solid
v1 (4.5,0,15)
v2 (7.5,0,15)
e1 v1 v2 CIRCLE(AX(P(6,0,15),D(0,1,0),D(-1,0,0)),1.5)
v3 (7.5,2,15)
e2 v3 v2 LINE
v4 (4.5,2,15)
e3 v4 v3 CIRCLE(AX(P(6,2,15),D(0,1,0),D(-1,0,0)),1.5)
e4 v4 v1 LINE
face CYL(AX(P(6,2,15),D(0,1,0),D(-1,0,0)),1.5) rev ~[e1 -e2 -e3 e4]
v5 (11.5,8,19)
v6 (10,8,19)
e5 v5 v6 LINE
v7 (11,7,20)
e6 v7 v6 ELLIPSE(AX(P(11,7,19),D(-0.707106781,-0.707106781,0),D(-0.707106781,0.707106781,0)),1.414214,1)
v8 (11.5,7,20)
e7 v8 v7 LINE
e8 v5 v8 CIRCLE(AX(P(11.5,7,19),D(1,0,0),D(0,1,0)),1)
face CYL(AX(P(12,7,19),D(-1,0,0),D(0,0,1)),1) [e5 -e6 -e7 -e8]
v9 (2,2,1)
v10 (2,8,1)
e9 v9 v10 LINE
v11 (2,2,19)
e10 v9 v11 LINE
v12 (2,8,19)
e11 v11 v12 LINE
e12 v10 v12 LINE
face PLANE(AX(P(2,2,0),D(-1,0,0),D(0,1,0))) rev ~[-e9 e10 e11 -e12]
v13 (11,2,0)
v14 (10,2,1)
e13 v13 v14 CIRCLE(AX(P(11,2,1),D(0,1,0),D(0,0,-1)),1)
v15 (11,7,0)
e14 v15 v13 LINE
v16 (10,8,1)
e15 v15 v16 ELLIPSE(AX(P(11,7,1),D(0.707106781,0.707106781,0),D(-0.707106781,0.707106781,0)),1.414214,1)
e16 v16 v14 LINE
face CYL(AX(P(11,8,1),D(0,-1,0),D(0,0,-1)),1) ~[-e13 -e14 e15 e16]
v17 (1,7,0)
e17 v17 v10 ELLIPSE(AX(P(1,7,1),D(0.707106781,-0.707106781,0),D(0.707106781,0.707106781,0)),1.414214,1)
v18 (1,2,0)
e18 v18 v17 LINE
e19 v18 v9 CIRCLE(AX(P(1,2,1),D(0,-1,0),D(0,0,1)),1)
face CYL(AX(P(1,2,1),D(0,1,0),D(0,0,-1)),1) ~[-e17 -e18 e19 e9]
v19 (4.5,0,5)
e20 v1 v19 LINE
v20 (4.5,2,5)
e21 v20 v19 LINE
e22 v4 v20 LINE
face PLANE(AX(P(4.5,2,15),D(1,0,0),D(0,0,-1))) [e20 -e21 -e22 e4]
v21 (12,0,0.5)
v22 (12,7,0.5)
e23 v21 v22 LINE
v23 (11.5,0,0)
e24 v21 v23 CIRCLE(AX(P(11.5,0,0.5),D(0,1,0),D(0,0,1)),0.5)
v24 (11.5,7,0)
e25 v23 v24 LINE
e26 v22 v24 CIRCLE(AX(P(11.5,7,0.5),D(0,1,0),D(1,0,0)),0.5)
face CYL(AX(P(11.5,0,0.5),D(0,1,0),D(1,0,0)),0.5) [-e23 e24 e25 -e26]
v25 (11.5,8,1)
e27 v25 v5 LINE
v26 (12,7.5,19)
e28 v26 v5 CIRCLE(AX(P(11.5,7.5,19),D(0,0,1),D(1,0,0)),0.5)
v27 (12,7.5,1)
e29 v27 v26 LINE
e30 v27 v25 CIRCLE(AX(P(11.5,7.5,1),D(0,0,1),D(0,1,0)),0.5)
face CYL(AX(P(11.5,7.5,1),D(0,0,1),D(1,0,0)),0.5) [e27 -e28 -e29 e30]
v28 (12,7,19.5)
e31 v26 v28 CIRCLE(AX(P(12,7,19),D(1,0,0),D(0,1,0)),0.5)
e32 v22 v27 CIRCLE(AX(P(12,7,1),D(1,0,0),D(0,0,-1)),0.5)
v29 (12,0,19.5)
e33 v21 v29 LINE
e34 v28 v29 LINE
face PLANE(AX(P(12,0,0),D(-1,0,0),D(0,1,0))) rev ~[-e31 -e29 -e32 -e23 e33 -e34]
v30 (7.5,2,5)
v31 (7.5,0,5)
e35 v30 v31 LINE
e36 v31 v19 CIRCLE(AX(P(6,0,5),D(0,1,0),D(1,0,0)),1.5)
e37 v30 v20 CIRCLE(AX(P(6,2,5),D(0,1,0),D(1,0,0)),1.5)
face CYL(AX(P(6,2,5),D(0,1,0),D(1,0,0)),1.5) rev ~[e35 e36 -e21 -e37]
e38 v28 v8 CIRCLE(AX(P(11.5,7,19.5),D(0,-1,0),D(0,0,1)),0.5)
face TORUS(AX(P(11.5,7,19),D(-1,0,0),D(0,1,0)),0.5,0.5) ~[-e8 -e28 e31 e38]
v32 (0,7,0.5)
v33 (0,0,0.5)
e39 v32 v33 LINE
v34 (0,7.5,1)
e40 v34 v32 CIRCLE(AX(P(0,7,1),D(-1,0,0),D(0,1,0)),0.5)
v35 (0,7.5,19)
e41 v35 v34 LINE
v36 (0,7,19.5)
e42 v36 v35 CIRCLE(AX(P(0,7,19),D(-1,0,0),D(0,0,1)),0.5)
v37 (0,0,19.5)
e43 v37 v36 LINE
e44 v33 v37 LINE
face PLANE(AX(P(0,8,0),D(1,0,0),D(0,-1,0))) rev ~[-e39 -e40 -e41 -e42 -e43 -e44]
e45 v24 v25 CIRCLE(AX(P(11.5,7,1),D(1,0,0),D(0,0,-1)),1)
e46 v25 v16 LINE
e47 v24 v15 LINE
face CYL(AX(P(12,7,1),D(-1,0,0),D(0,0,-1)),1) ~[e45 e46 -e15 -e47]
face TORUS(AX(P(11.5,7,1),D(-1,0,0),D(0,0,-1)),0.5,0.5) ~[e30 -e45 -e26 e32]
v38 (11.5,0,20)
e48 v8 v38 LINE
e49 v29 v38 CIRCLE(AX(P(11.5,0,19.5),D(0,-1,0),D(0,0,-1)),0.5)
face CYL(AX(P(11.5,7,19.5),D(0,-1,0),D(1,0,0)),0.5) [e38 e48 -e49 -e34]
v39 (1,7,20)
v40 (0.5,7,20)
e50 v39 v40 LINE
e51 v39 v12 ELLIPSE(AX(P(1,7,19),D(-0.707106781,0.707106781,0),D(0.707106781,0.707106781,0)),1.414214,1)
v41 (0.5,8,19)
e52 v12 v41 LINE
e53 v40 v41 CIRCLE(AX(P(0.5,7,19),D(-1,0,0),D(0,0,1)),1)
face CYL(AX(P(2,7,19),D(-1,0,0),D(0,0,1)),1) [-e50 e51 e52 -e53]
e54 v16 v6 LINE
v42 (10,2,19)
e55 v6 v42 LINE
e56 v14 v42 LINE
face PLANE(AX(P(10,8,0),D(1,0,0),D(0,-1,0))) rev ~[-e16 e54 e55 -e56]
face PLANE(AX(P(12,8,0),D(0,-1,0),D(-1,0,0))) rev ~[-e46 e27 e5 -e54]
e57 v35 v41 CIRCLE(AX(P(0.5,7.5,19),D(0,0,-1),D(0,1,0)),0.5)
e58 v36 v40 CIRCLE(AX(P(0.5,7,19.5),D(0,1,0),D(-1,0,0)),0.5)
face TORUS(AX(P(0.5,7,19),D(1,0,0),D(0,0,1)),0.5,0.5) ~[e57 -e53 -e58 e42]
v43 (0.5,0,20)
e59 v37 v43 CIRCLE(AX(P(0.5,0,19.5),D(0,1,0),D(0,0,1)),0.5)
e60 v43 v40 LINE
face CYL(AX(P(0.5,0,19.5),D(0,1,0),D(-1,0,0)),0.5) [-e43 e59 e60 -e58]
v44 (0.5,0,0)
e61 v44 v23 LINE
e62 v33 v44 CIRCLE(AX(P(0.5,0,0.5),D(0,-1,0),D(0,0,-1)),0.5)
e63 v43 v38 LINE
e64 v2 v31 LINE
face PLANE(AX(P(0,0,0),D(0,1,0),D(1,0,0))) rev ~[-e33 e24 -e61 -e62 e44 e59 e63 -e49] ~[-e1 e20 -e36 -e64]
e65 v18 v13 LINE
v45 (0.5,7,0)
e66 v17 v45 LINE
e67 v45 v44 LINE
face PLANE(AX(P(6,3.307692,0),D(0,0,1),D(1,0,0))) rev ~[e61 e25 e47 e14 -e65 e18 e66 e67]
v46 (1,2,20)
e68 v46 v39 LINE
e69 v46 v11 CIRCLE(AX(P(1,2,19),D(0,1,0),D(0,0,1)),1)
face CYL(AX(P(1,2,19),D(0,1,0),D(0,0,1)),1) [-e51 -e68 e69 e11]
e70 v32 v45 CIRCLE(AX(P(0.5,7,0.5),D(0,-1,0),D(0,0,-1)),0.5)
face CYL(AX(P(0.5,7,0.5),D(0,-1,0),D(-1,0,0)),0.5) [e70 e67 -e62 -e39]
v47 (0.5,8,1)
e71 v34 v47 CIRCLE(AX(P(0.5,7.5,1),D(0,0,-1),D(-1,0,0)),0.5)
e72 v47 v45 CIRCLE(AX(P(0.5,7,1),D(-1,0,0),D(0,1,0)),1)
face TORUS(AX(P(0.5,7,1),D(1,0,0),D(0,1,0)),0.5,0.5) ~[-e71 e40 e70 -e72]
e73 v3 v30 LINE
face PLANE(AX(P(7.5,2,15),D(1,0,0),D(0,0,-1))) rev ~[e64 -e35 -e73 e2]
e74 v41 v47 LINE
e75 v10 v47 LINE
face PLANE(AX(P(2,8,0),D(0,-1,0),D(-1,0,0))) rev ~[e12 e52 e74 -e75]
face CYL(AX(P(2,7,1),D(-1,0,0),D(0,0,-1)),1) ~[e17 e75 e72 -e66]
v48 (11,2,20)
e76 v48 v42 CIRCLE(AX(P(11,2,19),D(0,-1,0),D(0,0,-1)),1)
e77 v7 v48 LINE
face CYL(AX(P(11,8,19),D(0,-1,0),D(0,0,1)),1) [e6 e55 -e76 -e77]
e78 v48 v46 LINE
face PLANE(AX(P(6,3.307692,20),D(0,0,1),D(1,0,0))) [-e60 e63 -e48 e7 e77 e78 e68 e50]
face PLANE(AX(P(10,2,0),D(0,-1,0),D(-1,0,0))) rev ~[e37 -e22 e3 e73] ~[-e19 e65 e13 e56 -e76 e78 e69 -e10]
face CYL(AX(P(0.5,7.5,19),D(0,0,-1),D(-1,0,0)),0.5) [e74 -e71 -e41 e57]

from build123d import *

# Parameters (mm, degrees)
EXTRUDE_DEPTH = 20
POCKET_DEPTH  = 5
FILLET_R      = 1
FILLET001_R   = 0.5


with BuildPart() as part:
    # Sketch → Extrude (new body)
    with BuildSketch(Plane.XY):
        Polygon((0, 0), (12, 0), (12, 8), (10, 8), (10, 2), (2, 2), (2, 8), (0, 8), align=None)
    extrude(amount=EXTRUDE_DEPTH)

    # Sketch001 (on Face5 of BaseFeature) → Pocket (cut)
    with BuildSketch(Plane(origin=(0, 2, 0), x_dir=(-1, 0, 0), z_dir=(0, 1, 0))):
        with BuildLine():
            ThreePointArc((-4.5, 15), (-6, 16.5), (-7.5, 15))
            Line((-7.5, 15), (-7.5, 5))
            ThreePointArc((-7.5, 5), (-6, 3.5), (-4.5, 5))
            Line((-4.5, 15), (-4.5, 5))
        make_face()
    extrude(amount=-POCKET_DEPTH, mode=Mode.SUBTRACT)

    # Fillet
    fillet_edges = [part.edges().sort_by_distance(p)[0] for p in [
        (11, 8, 0),
        (10, 5, 0),
        (2, 5, 0),
        (1, 8, 0),
        (11, 8, 20),
        (10, 5, 20),
        (2, 5, 20),
        (1, 8, 20),
    ]]
    fillet(fillet_edges, radius=FILLET_R)

    # Fillet001
    fillet001_edges = [part.edges().sort_by_distance(p)[0] for p in [
        (0, 3.5, 0),
        (12, 3.5, 0),
    ]]
    fillet(fillet001_edges, radius=FILLET001_R)


solid = part.part
